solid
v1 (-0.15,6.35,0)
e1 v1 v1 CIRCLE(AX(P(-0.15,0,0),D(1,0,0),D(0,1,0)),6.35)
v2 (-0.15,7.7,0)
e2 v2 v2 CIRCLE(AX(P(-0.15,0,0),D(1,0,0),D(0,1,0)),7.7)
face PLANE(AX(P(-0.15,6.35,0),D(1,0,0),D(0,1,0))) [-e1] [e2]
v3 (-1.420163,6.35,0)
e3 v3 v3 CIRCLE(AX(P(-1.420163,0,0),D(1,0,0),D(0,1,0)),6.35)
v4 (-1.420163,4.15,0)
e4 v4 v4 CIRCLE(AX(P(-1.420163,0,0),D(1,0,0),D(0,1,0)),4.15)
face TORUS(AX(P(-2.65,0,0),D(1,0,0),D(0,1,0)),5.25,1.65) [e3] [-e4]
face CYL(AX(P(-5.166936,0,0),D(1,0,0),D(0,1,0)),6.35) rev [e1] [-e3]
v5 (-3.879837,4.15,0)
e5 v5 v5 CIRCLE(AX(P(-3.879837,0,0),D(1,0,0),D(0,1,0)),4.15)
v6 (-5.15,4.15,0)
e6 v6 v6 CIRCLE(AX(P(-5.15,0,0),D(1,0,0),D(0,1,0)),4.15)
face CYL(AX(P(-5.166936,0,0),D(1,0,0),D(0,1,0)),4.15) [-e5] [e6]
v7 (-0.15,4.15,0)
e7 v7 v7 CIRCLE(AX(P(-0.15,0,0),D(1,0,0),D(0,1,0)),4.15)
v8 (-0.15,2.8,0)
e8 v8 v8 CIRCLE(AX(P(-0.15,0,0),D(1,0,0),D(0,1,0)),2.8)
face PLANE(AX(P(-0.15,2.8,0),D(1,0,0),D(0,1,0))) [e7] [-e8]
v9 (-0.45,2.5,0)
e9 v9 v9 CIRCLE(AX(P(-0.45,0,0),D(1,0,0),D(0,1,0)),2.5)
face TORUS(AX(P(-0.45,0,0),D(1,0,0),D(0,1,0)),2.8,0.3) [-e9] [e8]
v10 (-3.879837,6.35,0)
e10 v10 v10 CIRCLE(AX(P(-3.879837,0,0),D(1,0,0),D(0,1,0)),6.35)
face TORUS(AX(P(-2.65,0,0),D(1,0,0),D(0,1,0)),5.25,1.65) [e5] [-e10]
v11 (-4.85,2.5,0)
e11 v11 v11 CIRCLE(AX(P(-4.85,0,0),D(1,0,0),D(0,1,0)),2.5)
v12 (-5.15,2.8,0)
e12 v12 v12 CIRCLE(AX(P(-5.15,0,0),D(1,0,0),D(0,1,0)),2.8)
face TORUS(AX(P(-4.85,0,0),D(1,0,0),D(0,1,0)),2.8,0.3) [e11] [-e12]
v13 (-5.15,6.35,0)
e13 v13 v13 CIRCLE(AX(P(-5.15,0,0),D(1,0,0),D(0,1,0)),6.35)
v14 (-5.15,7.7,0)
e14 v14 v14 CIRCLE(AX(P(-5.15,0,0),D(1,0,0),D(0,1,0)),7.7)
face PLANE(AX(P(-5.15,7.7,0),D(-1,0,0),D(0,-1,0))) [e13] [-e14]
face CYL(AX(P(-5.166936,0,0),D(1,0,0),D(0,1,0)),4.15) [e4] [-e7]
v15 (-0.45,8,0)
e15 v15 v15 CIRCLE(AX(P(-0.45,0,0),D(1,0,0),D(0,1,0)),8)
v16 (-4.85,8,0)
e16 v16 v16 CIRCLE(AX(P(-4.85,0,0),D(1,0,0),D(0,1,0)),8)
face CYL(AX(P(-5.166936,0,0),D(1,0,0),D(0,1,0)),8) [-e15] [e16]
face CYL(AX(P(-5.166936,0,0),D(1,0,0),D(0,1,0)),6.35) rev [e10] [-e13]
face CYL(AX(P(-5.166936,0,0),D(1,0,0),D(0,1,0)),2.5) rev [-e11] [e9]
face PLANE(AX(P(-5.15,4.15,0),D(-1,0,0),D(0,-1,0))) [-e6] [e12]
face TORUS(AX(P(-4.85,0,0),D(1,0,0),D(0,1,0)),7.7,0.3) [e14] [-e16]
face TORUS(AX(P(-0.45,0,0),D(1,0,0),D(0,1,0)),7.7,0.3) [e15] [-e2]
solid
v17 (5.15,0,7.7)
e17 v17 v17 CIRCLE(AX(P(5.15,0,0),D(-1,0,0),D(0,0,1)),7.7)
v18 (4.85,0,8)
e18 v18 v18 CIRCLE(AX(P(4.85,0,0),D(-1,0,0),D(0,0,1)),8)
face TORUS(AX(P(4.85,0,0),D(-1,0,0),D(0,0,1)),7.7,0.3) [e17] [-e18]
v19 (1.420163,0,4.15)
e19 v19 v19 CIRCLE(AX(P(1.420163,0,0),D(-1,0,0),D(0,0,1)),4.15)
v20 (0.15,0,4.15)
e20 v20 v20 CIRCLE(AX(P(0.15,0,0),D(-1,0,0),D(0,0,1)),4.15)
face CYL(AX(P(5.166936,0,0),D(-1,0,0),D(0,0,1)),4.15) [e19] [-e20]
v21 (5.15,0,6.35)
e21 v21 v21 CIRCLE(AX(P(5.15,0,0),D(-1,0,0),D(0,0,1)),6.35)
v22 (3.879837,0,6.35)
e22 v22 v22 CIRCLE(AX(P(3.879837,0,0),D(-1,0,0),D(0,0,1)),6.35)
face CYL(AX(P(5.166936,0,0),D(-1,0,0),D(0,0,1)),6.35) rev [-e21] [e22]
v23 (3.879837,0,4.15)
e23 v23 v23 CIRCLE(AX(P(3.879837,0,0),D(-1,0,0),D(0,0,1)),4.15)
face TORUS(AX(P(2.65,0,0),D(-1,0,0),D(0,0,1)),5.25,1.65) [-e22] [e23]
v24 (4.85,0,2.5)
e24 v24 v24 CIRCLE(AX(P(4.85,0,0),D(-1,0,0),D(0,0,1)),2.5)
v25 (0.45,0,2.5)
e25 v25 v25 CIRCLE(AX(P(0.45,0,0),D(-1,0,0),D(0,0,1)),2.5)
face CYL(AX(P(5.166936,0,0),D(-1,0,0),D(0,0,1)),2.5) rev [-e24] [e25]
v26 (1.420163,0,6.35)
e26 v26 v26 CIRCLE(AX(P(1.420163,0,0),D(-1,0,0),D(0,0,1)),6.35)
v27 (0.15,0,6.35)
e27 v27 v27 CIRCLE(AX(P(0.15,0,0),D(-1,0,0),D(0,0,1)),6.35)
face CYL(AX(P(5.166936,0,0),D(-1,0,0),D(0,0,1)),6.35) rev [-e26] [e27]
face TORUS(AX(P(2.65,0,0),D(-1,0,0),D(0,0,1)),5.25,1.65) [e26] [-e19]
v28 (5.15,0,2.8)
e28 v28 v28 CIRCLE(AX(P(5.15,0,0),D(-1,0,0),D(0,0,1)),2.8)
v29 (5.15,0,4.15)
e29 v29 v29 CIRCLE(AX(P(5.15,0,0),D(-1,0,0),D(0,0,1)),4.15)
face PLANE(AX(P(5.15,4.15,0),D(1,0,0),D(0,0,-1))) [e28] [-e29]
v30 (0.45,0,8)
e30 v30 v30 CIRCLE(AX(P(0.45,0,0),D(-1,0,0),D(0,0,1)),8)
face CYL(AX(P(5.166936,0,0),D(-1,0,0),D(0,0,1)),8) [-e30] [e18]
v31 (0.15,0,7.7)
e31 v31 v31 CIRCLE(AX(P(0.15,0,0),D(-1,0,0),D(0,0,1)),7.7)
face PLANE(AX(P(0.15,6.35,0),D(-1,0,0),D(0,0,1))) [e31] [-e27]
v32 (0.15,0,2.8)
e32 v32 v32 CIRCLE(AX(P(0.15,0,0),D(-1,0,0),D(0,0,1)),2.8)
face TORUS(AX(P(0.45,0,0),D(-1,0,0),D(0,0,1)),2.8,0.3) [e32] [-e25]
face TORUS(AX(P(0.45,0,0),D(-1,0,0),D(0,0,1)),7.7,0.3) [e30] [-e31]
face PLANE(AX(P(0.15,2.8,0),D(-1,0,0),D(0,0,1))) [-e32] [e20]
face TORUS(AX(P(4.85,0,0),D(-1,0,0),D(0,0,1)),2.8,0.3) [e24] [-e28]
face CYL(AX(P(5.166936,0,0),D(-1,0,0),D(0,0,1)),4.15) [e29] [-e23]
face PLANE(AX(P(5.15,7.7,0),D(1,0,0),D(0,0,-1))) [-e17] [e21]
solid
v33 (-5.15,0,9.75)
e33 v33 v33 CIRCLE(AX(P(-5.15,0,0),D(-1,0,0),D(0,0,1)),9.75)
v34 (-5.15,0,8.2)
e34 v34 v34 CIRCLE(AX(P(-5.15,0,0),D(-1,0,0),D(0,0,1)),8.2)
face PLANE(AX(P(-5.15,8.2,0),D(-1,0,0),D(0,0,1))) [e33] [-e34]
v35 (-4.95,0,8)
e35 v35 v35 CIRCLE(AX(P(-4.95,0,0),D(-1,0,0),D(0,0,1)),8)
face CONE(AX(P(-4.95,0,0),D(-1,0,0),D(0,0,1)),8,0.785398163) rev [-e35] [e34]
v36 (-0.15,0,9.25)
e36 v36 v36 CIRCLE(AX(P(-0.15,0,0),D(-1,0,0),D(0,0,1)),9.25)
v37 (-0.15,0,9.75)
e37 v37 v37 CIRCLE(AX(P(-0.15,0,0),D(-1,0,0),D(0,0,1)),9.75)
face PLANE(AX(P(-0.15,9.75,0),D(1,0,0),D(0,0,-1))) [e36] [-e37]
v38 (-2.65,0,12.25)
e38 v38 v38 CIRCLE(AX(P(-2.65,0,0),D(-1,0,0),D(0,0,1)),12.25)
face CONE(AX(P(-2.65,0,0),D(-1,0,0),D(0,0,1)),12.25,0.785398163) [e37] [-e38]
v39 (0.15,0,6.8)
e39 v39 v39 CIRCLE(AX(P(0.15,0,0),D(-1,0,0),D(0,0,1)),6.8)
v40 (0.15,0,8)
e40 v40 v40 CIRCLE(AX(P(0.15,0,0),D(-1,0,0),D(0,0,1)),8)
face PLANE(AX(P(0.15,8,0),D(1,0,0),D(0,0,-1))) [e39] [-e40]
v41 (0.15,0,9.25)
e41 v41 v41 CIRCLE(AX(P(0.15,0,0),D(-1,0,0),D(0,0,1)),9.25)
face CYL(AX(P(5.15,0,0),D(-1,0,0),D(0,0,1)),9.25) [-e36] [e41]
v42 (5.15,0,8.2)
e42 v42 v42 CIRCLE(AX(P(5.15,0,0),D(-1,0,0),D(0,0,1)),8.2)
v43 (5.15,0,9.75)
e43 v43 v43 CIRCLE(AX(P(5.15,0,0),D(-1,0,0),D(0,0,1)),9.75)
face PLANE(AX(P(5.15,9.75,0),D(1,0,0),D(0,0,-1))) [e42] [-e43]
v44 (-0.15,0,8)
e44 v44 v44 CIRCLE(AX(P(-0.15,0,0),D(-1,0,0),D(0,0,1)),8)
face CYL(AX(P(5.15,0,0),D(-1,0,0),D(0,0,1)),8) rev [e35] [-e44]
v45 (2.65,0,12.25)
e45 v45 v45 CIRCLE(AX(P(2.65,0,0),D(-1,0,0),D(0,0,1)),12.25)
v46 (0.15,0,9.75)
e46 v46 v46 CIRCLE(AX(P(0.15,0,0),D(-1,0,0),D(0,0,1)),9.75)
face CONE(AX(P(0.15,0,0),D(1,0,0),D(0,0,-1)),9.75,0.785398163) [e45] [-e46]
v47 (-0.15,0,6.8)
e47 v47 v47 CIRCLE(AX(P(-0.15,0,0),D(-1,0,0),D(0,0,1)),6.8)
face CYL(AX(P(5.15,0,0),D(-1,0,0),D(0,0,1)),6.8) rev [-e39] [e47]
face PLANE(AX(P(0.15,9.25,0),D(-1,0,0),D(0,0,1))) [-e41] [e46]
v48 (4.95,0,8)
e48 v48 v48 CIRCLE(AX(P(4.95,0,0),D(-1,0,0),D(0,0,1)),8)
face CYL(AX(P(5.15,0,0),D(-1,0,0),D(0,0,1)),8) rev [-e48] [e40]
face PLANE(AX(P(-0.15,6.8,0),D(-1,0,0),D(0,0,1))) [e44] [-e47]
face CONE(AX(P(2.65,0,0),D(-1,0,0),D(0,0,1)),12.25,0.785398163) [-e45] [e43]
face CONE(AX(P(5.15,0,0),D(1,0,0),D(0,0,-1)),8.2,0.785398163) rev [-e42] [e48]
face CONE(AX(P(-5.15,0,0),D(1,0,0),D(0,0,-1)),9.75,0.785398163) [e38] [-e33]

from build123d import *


with BuildPart() as part:
    # Sketch14 → Revolve4 (revolve)
    with BuildSketch(Plane(origin=(0, 0, 0), x_dir=(-1, 0, 0), z_dir=(0, 0, -1)), mode=Mode.PRIVATE) as revolve4_sk:
        with BuildLine():
            Line((-0.149999999, 2.8), (-0.149999999, 4.15))
            Line((-0.149999999, 4.15), (-1.420162613, 4.15))
            ThreePointArc((-1.420162613, 4.15), (-0.999999999, 5.250000001), (-1.420162612, 6.350000002))
            Line((-1.420162612, 6.350000002), (-0.149999999, 6.350000002))
            Line((-0.149999999, 6.350000002), (-0.149999999, 7.7))
            ThreePointArc((-0.149999999, 7.7), (-0.237867965, 7.912132034), (-0.45, 8))
            Line((-0.45, 8), (-4.85, 8))
            ThreePointArc((-4.85, 8), (-5.062132034, 7.912132034), (-5.15, 7.7))
            Line((-5.15, 7.7), (-5.15, 6.350000002))
            Line((-5.15, 6.350000002), (-3.879837388, 6.350000002))
            ThreePointArc((-3.879837388, 6.350000002), (-4.300000001, 5.250000001), (-3.879837387, 4.15))
            Line((-3.879837387, 4.15), (-5.15, 4.15))
            Line((-5.15, 4.15), (-5.15, 2.8))
            ThreePointArc((-5.15, 2.8), (-5.062132034, 2.587867966), (-4.849999999, 2.5))
            Line((-4.849999999, 2.5), (-0.449999999, 2.5))
            ThreePointArc((-0.449999999, 2.5), (-0.237867965, 2.587867966), (-0.149999999, 2.8))
        make_face()
    revolve(revolve4_sk.sketch.rotate(Axis((5.166936363, 0, 0), (-1, 0, 0)), 270), axis=Axis((5.166936363, 0, 0), (-1, 0, 0)))


with BuildPart() as body_2:
    # Sketch16 → Revolve5 (revolve)
    with BuildSketch(Plane.XY):
        with BuildLine():
            Line((-0.149999999, 2.8), (-0.149999999, 4.15))
            Line((-0.149999999, 4.15), (-1.420162613, 4.15))
            ThreePointArc((-1.420162613, 4.15), (-1, 5.25), (-1.420162612, 6.35))
            Line((-1.420162612, 6.35), (-0.149999999, 6.35))
            Line((-0.149999999, 6.35), (-0.149999999, 7.7))
            ThreePointArc((-0.149999999, 7.7), (-0.237867965, 7.912132035), (-0.449999999, 8))
            Line((-0.449999999, 8), (-4.849999999, 8))
            ThreePointArc((-4.849999999, 8), (-5.062132034, 7.912132035), (-5.15, 7.700000001))
            Line((-5.15, 7.700000001), (-5.15, 6.35))
            Line((-5.15, 6.35), (-3.879837388, 6.35))
            ThreePointArc((-3.879837388, 6.35), (-4.3, 5.25), (-3.879837387, 4.15))
            Line((-3.879837387, 4.15), (-5.15, 4.15))
            Line((-5.15, 4.15), (-5.15, 2.8))
            ThreePointArc((-5.15, 2.8), (-5.062132034, 2.587867966), (-4.85, 2.5))
            Line((-4.85, 2.5), (-0.45, 2.5))
            ThreePointArc((-0.45, 2.5), (-0.237867965, 2.587867965), (-0.149999999, 2.8))
        make_face()
    revolve(axis=Axis((-5.166936363, 0, 0), (1, 0, 0)))


with BuildPart() as body_3:
    # Sketch21 → Revolve6 (revolve)
    with BuildSketch(Plane(origin=(0, 0, 0), x_dir=(-1, 0, 0), z_dir=(0, 0, -1)), mode=Mode.PRIVATE) as revolve6_sk:
        Polygon((5.15, 8.2), (5.15, 9.75), (2.65, 12.25), (0.15, 9.75), (0.15, 9.25), (-0.15, 9.25), (-0.15, 9.75), (-2.65, 12.25), (-5.15, 9.75), (-5.15, 8.2), (-4.95, 8), (-0.15, 8), (-0.15, 6.8), (0.15, 6.8), (0.15, 8), (4.95, 8), align=None)
    revolve(revolve6_sk.sketch.rotate(Axis((5.15, 0, 0), (-1, 0, 0)), 270), axis=Axis((5.15, 0, 0), (-1, 0, 0)))


solid = Compound([part.part, body_2.part, body_3.part])
